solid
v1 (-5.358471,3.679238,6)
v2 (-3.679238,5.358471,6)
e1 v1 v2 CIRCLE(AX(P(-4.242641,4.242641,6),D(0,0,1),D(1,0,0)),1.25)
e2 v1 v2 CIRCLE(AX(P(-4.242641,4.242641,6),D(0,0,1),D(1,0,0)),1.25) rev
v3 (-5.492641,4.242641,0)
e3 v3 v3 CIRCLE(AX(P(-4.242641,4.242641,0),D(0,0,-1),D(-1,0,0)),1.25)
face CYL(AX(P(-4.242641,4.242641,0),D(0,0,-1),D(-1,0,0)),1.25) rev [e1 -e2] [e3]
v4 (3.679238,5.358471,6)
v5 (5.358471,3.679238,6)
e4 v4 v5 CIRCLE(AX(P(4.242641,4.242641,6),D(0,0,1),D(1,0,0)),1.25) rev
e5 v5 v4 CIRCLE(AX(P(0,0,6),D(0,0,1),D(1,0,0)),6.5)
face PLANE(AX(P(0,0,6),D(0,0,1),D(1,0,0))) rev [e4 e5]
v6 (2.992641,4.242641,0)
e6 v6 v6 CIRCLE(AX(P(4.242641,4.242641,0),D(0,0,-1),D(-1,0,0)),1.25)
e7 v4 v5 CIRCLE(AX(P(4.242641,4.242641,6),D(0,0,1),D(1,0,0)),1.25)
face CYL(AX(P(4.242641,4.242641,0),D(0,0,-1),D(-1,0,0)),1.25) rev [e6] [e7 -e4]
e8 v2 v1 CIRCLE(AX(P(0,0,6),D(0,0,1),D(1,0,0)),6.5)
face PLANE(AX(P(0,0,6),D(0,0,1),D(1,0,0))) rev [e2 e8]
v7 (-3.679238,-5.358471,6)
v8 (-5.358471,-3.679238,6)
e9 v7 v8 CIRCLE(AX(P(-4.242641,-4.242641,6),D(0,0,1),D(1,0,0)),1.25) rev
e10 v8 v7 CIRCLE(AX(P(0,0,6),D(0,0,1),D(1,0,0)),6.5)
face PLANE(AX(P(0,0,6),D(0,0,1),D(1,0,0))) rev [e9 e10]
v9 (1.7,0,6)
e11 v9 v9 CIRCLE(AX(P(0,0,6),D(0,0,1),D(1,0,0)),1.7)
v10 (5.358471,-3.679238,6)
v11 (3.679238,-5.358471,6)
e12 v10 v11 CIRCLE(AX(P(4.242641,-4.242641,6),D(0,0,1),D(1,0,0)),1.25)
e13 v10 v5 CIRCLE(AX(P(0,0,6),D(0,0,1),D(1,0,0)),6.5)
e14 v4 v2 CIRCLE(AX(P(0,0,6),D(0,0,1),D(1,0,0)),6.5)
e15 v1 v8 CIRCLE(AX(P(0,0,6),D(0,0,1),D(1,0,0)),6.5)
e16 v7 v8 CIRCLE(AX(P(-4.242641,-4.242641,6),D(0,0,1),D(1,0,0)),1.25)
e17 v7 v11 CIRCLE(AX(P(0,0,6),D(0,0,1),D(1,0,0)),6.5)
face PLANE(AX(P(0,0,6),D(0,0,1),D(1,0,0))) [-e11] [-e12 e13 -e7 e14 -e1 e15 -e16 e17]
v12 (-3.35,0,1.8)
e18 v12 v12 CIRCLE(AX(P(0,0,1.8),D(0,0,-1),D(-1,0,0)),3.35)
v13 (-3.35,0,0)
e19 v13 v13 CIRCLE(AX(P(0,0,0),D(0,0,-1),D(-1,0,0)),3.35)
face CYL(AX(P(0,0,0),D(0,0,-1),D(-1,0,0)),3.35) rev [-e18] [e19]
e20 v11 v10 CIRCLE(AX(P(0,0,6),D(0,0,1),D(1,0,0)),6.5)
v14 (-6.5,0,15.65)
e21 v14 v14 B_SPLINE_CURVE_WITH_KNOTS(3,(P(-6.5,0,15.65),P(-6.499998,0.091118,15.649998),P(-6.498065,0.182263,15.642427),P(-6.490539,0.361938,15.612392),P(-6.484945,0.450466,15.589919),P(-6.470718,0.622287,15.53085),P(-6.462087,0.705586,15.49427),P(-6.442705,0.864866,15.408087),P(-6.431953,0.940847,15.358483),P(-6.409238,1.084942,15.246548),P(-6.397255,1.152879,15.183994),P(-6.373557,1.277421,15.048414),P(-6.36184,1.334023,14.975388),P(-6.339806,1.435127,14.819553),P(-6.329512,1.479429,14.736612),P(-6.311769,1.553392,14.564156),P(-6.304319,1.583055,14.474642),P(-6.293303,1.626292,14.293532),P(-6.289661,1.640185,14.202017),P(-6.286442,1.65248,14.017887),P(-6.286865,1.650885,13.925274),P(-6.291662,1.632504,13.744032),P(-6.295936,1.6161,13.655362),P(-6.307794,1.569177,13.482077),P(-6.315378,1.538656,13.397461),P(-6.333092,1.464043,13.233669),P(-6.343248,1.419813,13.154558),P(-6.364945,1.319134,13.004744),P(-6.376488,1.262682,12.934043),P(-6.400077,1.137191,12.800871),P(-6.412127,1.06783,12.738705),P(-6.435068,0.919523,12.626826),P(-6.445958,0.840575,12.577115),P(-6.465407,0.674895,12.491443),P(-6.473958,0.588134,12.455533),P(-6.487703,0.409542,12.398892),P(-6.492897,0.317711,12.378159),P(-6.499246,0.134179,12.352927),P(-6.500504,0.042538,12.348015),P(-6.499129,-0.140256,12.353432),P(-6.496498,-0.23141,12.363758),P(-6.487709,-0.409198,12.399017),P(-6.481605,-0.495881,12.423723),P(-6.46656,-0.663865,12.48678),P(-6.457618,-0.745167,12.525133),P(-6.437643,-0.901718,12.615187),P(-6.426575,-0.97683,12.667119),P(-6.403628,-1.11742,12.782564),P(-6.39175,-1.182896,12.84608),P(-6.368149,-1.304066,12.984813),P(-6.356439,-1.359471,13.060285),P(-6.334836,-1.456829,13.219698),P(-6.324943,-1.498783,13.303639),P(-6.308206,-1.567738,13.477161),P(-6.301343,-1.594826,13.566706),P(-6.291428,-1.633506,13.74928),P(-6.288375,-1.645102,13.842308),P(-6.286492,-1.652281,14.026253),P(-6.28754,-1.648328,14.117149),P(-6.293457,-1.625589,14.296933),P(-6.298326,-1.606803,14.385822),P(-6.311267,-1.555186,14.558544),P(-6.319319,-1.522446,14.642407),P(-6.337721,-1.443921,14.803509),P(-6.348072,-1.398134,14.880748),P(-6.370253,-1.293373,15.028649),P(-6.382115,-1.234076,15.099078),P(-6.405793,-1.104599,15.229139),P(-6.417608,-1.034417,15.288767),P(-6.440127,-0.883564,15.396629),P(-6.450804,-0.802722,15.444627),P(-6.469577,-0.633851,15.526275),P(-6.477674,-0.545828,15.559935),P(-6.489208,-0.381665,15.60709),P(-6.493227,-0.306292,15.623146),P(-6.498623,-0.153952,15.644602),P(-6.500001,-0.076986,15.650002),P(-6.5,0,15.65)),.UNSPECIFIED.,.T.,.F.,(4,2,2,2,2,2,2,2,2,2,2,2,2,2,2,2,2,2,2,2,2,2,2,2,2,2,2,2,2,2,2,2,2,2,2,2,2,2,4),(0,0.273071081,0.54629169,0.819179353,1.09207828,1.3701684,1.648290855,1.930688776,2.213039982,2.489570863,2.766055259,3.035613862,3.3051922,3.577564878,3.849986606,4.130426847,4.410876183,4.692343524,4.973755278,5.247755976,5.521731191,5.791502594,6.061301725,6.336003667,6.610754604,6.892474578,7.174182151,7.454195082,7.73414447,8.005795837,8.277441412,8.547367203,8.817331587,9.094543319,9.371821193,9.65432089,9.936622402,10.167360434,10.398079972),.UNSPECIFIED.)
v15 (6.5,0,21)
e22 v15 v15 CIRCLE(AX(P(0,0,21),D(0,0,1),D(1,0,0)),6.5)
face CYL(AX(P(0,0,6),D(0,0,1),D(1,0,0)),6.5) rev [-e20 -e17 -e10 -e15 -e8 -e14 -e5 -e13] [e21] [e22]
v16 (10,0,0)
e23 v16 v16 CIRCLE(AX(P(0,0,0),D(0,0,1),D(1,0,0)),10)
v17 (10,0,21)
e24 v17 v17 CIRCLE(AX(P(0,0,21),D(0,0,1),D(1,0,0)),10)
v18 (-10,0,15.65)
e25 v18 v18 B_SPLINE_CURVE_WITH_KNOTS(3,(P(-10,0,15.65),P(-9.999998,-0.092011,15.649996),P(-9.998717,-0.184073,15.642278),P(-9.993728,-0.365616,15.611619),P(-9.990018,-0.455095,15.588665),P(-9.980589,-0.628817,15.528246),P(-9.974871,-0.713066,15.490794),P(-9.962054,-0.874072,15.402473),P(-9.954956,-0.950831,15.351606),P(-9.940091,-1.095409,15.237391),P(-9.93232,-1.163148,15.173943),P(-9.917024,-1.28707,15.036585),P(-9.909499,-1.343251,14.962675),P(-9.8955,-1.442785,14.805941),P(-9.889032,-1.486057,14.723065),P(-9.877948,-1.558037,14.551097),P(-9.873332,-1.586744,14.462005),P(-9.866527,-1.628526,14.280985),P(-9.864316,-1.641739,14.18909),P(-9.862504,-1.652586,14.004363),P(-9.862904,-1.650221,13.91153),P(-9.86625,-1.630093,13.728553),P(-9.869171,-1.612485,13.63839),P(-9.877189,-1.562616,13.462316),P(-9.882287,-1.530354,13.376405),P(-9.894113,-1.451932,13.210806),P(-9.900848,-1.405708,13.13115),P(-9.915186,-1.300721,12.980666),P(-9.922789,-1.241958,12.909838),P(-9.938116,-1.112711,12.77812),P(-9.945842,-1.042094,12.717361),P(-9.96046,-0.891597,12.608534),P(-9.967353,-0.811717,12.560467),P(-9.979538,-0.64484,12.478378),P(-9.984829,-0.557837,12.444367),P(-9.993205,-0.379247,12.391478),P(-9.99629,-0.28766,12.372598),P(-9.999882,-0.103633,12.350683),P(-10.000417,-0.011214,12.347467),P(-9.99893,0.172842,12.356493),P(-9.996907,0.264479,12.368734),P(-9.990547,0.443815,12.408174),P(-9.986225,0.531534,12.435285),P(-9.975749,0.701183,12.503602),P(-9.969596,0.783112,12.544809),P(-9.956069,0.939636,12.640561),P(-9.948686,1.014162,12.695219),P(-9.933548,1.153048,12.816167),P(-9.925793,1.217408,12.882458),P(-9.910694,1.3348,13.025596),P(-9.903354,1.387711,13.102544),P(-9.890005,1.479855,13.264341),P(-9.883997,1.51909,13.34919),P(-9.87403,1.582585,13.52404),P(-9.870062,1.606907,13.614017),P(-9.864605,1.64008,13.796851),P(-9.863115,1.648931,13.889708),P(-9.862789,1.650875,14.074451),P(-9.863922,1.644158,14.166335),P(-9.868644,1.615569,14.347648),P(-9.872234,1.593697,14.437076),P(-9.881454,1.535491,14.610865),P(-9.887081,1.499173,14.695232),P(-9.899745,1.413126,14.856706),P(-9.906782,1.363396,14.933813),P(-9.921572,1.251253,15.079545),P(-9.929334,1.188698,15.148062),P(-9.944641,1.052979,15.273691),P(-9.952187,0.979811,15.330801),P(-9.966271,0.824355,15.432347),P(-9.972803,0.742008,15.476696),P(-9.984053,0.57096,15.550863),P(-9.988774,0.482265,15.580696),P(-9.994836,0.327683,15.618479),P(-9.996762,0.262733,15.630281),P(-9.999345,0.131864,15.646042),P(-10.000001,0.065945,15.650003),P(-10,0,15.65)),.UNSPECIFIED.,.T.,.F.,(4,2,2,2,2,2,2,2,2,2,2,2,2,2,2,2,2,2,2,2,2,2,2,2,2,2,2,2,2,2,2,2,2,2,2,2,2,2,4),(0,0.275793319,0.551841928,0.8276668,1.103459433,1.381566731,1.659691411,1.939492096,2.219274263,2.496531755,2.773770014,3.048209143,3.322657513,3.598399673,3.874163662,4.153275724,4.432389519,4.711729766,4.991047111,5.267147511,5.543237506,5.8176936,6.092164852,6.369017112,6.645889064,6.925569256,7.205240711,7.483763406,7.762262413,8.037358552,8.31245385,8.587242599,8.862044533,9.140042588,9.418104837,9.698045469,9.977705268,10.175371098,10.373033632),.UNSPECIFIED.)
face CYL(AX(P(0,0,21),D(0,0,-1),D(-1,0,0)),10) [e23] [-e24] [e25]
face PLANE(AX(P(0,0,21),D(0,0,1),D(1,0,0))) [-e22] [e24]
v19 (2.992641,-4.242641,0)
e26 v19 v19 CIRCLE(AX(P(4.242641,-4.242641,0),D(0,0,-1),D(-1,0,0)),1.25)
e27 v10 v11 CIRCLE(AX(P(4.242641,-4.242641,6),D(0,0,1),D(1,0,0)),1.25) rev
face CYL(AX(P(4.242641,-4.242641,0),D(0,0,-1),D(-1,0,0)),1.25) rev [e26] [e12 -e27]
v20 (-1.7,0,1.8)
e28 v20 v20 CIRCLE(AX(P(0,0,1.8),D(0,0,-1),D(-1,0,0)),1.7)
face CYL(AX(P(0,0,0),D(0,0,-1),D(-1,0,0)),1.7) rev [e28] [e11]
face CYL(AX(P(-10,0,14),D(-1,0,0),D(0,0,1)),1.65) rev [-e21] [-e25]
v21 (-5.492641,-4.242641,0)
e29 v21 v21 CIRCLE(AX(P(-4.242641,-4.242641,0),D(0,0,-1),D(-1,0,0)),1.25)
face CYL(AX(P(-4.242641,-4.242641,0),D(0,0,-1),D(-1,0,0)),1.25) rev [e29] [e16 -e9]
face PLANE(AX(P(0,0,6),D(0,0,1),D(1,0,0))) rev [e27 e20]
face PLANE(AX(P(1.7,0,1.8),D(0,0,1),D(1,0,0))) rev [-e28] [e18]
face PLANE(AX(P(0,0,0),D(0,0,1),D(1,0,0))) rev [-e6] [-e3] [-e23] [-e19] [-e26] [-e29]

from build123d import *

# Parameters (mm, degrees)
SKETCH_1_R                  = 10
EXTRUDE_1_DEPTH             = 21
SKETCH_2_R                  = 6.5
CUT_EXTRUDE_1_DEPTH         = 15
M4X0_71_D                   = 3.3
M4X0_71_DEPTH               = 5
M4X0_71_TIP                 = 0.991420021
M3X0_51_D                   = 2.5
M3X0_51_DEPTH               = 6
HOLE_WIZARD_M31_D           = 3.4
HOLE_WIZARD_M31_CBORE_D     = 6.7
HOLE_WIZARD_M31_CBORE_DEPTH = 1.8


with BuildPart() as part:
    # Эскиз1 → Бобышка-Вытянуть1 (new body)
    with BuildSketch(Plane.XY):
        with Locations(Location((0, 0, 0), (0, 0, 180))):
            Circle(SKETCH_1_R)
    extrude(amount=EXTRUDE_1_DEPTH)

    # Эскиз2 → Вырез-Вытянуть1 (cut)
    with BuildSketch(Plane.XY.offset(21)):
        Circle(SKETCH_2_R)
    extrude(amount=-CUT_EXTRUDE_1_DEPTH, mode=Mode.SUBTRACT)

    # Отверстие обработанное метчиком M4x0.71
    with Locations(Plane(origin=(-10, 0, 0), x_dir=(0, 0, -1), z_dir=(-1, 0, 0))):
        with Locations((-14, 0)):
            Hole(M4X0_71_D / 2, depth=M4X0_71_DEPTH)
            with Locations((0, 0, -(M4X0_71_DEPTH + M4X0_71_TIP / 2))):  # 118° drill point
                Cone(0, M4X0_71_D / 2, M4X0_71_TIP, mode=Mode.SUBTRACT)

    # Отверстие обработанное метчиком M3x0.51
    with Locations(Plane(origin=(0, 0, 0), x_dir=(-1, 0, 0), z_dir=(0, 0, -1))):
        with Locations((-4.242640687, 4.242640687), (4.242640687, 4.242640687), (4.242640687, -4.242640687), (-4.242640687, -4.242640687)):
            Hole(M3X0_51_D / 2, depth=M3X0_51_DEPTH)

    # Цековка для  винта с полукруглой головкой M31 (through all)
    with Locations(Plane(origin=(0, 0, 0), x_dir=(-1, 0, 0), z_dir=(0, 0, -1))):
        with Locations((0, 0)):
            CounterBoreHole(HOLE_WIZARD_M31_D / 2, HOLE_WIZARD_M31_CBORE_D / 2, HOLE_WIZARD_M31_CBORE_DEPTH)


solid = part.part
